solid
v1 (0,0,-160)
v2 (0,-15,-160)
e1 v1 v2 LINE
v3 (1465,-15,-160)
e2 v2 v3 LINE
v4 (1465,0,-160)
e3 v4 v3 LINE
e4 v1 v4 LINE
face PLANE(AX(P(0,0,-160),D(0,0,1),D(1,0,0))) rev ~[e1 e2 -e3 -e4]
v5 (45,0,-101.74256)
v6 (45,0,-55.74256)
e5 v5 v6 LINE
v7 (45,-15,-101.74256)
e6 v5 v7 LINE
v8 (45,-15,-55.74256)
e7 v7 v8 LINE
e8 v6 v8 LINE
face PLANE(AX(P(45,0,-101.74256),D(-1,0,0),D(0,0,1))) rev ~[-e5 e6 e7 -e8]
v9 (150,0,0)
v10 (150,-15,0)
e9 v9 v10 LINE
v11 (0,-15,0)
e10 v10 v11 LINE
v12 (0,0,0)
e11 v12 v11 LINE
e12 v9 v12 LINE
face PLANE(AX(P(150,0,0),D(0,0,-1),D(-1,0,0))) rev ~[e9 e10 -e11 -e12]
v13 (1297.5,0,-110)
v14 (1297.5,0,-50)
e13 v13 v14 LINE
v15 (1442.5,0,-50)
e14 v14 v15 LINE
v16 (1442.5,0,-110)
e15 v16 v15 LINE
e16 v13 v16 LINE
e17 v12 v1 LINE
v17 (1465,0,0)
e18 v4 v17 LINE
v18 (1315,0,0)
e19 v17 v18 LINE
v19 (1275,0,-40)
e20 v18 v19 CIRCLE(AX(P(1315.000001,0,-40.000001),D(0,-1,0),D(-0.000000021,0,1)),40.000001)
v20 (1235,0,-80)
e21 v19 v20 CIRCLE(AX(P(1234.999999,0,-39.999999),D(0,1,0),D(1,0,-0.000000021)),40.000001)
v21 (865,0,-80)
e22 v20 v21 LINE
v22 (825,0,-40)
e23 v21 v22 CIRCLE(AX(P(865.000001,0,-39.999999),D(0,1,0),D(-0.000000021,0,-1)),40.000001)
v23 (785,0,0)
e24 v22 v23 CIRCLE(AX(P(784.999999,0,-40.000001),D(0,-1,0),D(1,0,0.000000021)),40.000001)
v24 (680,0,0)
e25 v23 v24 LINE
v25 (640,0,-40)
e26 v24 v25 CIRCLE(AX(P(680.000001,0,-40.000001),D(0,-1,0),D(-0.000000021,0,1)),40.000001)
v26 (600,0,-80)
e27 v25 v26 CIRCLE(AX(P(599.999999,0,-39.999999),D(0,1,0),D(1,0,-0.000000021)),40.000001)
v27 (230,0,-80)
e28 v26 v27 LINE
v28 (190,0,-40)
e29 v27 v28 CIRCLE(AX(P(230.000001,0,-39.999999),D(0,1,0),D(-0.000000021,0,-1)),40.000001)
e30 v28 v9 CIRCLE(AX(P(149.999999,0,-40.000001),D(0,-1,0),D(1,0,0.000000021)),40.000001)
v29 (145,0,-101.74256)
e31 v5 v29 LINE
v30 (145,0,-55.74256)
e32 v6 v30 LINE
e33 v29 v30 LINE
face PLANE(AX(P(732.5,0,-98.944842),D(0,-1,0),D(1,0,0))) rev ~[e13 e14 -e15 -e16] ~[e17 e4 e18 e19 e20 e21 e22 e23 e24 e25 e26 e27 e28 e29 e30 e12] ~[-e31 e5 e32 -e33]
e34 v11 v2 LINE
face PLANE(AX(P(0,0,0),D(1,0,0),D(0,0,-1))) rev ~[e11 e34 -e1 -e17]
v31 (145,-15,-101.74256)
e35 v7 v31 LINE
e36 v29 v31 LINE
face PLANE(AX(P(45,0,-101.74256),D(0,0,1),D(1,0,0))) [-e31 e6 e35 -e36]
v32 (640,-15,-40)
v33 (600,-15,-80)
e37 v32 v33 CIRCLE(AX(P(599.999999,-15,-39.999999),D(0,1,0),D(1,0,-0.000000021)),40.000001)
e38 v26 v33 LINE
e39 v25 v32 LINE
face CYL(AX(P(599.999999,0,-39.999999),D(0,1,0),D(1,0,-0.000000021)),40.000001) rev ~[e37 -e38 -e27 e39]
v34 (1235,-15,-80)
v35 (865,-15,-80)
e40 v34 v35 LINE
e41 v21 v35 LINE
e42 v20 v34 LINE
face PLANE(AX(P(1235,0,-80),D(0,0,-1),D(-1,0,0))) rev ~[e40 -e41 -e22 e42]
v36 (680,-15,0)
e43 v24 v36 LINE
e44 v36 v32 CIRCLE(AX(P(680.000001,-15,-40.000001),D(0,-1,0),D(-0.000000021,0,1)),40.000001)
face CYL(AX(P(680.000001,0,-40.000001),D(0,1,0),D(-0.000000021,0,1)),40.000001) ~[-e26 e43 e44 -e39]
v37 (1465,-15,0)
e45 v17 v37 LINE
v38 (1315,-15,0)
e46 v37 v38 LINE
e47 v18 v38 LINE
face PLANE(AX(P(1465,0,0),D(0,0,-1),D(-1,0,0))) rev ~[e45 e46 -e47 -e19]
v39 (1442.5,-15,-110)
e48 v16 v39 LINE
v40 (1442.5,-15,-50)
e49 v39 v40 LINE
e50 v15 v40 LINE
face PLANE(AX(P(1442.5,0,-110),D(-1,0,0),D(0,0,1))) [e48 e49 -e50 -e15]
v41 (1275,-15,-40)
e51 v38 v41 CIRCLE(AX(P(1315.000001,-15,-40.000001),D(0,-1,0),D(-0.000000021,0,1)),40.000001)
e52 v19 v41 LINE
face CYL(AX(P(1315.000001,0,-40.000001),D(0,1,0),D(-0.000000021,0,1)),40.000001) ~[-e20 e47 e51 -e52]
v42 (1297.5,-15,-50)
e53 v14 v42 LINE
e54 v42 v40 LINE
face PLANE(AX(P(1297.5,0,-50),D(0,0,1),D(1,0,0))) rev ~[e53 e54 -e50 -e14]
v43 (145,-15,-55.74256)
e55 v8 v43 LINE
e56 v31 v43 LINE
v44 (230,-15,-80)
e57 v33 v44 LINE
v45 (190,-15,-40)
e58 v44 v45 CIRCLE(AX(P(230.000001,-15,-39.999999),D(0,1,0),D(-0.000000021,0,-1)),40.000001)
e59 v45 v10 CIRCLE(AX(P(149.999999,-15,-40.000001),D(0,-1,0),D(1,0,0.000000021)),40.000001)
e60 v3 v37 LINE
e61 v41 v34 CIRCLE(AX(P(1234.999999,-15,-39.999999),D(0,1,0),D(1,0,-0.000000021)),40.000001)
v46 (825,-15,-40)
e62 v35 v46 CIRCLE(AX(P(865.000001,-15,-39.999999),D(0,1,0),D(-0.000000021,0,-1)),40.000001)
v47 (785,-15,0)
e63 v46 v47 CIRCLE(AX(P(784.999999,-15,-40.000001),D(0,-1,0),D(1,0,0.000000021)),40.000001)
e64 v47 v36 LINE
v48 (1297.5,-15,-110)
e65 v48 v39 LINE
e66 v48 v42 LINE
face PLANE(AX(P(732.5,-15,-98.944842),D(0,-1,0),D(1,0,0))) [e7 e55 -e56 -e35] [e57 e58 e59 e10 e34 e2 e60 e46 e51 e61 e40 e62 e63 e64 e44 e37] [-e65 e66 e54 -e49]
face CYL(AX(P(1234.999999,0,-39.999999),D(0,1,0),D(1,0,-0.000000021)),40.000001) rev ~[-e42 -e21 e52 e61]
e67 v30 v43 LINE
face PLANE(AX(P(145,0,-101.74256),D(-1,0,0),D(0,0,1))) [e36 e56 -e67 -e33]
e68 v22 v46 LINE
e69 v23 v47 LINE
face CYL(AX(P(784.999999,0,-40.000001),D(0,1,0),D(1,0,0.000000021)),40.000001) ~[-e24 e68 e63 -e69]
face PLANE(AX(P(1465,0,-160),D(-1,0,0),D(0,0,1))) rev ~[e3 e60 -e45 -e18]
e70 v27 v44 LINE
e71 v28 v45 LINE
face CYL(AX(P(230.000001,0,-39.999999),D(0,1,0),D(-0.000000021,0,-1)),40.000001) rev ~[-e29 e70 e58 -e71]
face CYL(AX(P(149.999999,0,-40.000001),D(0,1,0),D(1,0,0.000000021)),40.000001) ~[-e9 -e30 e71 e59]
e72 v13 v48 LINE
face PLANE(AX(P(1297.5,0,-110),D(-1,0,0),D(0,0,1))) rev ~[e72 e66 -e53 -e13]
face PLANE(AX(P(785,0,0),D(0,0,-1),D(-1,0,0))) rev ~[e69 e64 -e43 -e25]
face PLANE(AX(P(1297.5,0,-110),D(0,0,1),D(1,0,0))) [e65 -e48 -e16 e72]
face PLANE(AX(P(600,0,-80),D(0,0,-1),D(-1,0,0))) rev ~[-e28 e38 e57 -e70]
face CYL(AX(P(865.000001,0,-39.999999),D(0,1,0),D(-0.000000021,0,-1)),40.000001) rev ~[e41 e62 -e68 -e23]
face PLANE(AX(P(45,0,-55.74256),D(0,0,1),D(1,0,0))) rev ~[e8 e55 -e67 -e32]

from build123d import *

# Parameters (mm, degrees)
F0_W     = 145
F0_H     = 60
F0_W_2   = 100
F0_H_2   = 46
F1_DEPTH = 15


with BuildPart() as f1:
    # F0 (on Front) → F1 (new body)
    with BuildSketch(Plane.XZ):
        with BuildLine():
            Line((150, 0), (0, 0))
            Line((0, 0), (0, -160))
            Line((0, -160), (1465, -160))
            Line((1465, -160), (1465, 0))
            Line((1465, 0), (1315, 0))
            ThreePointArc((1315, 0), (1286.715729, -11.715729), (1275, -40))
            ThreePointArc((1275, -40), (1263.284271, -68.284271), (1235, -80))
            Line((1235, -80), (865, -80))
            ThreePointArc((865, -80), (836.715729, -68.284271), (825, -40))
            ThreePointArc((825, -40), (813.284271, -11.715729), (785, 0))
            Line((785, 0), (680, 0))
            ThreePointArc((680, 0), (651.715729, -11.715729), (640, -40))
            ThreePointArc((640, -40), (628.284271, -68.284271), (600, -80))
            Line((600, -80), (230, -80))
            ThreePointArc((230, -80), (201.715729, -68.284271), (190, -40))
            ThreePointArc((190, -40), (178.284271, -11.715729), (150, 0))
        make_face()
        with Locations((1370, -80)):
            Rectangle(F0_W, F0_H, mode=Mode.SUBTRACT)
        with Locations((95, -78.74256)):
            Rectangle(F0_W_2, F0_H_2, mode=Mode.SUBTRACT)
    extrude(amount=F1_DEPTH)


solid = f1.part
